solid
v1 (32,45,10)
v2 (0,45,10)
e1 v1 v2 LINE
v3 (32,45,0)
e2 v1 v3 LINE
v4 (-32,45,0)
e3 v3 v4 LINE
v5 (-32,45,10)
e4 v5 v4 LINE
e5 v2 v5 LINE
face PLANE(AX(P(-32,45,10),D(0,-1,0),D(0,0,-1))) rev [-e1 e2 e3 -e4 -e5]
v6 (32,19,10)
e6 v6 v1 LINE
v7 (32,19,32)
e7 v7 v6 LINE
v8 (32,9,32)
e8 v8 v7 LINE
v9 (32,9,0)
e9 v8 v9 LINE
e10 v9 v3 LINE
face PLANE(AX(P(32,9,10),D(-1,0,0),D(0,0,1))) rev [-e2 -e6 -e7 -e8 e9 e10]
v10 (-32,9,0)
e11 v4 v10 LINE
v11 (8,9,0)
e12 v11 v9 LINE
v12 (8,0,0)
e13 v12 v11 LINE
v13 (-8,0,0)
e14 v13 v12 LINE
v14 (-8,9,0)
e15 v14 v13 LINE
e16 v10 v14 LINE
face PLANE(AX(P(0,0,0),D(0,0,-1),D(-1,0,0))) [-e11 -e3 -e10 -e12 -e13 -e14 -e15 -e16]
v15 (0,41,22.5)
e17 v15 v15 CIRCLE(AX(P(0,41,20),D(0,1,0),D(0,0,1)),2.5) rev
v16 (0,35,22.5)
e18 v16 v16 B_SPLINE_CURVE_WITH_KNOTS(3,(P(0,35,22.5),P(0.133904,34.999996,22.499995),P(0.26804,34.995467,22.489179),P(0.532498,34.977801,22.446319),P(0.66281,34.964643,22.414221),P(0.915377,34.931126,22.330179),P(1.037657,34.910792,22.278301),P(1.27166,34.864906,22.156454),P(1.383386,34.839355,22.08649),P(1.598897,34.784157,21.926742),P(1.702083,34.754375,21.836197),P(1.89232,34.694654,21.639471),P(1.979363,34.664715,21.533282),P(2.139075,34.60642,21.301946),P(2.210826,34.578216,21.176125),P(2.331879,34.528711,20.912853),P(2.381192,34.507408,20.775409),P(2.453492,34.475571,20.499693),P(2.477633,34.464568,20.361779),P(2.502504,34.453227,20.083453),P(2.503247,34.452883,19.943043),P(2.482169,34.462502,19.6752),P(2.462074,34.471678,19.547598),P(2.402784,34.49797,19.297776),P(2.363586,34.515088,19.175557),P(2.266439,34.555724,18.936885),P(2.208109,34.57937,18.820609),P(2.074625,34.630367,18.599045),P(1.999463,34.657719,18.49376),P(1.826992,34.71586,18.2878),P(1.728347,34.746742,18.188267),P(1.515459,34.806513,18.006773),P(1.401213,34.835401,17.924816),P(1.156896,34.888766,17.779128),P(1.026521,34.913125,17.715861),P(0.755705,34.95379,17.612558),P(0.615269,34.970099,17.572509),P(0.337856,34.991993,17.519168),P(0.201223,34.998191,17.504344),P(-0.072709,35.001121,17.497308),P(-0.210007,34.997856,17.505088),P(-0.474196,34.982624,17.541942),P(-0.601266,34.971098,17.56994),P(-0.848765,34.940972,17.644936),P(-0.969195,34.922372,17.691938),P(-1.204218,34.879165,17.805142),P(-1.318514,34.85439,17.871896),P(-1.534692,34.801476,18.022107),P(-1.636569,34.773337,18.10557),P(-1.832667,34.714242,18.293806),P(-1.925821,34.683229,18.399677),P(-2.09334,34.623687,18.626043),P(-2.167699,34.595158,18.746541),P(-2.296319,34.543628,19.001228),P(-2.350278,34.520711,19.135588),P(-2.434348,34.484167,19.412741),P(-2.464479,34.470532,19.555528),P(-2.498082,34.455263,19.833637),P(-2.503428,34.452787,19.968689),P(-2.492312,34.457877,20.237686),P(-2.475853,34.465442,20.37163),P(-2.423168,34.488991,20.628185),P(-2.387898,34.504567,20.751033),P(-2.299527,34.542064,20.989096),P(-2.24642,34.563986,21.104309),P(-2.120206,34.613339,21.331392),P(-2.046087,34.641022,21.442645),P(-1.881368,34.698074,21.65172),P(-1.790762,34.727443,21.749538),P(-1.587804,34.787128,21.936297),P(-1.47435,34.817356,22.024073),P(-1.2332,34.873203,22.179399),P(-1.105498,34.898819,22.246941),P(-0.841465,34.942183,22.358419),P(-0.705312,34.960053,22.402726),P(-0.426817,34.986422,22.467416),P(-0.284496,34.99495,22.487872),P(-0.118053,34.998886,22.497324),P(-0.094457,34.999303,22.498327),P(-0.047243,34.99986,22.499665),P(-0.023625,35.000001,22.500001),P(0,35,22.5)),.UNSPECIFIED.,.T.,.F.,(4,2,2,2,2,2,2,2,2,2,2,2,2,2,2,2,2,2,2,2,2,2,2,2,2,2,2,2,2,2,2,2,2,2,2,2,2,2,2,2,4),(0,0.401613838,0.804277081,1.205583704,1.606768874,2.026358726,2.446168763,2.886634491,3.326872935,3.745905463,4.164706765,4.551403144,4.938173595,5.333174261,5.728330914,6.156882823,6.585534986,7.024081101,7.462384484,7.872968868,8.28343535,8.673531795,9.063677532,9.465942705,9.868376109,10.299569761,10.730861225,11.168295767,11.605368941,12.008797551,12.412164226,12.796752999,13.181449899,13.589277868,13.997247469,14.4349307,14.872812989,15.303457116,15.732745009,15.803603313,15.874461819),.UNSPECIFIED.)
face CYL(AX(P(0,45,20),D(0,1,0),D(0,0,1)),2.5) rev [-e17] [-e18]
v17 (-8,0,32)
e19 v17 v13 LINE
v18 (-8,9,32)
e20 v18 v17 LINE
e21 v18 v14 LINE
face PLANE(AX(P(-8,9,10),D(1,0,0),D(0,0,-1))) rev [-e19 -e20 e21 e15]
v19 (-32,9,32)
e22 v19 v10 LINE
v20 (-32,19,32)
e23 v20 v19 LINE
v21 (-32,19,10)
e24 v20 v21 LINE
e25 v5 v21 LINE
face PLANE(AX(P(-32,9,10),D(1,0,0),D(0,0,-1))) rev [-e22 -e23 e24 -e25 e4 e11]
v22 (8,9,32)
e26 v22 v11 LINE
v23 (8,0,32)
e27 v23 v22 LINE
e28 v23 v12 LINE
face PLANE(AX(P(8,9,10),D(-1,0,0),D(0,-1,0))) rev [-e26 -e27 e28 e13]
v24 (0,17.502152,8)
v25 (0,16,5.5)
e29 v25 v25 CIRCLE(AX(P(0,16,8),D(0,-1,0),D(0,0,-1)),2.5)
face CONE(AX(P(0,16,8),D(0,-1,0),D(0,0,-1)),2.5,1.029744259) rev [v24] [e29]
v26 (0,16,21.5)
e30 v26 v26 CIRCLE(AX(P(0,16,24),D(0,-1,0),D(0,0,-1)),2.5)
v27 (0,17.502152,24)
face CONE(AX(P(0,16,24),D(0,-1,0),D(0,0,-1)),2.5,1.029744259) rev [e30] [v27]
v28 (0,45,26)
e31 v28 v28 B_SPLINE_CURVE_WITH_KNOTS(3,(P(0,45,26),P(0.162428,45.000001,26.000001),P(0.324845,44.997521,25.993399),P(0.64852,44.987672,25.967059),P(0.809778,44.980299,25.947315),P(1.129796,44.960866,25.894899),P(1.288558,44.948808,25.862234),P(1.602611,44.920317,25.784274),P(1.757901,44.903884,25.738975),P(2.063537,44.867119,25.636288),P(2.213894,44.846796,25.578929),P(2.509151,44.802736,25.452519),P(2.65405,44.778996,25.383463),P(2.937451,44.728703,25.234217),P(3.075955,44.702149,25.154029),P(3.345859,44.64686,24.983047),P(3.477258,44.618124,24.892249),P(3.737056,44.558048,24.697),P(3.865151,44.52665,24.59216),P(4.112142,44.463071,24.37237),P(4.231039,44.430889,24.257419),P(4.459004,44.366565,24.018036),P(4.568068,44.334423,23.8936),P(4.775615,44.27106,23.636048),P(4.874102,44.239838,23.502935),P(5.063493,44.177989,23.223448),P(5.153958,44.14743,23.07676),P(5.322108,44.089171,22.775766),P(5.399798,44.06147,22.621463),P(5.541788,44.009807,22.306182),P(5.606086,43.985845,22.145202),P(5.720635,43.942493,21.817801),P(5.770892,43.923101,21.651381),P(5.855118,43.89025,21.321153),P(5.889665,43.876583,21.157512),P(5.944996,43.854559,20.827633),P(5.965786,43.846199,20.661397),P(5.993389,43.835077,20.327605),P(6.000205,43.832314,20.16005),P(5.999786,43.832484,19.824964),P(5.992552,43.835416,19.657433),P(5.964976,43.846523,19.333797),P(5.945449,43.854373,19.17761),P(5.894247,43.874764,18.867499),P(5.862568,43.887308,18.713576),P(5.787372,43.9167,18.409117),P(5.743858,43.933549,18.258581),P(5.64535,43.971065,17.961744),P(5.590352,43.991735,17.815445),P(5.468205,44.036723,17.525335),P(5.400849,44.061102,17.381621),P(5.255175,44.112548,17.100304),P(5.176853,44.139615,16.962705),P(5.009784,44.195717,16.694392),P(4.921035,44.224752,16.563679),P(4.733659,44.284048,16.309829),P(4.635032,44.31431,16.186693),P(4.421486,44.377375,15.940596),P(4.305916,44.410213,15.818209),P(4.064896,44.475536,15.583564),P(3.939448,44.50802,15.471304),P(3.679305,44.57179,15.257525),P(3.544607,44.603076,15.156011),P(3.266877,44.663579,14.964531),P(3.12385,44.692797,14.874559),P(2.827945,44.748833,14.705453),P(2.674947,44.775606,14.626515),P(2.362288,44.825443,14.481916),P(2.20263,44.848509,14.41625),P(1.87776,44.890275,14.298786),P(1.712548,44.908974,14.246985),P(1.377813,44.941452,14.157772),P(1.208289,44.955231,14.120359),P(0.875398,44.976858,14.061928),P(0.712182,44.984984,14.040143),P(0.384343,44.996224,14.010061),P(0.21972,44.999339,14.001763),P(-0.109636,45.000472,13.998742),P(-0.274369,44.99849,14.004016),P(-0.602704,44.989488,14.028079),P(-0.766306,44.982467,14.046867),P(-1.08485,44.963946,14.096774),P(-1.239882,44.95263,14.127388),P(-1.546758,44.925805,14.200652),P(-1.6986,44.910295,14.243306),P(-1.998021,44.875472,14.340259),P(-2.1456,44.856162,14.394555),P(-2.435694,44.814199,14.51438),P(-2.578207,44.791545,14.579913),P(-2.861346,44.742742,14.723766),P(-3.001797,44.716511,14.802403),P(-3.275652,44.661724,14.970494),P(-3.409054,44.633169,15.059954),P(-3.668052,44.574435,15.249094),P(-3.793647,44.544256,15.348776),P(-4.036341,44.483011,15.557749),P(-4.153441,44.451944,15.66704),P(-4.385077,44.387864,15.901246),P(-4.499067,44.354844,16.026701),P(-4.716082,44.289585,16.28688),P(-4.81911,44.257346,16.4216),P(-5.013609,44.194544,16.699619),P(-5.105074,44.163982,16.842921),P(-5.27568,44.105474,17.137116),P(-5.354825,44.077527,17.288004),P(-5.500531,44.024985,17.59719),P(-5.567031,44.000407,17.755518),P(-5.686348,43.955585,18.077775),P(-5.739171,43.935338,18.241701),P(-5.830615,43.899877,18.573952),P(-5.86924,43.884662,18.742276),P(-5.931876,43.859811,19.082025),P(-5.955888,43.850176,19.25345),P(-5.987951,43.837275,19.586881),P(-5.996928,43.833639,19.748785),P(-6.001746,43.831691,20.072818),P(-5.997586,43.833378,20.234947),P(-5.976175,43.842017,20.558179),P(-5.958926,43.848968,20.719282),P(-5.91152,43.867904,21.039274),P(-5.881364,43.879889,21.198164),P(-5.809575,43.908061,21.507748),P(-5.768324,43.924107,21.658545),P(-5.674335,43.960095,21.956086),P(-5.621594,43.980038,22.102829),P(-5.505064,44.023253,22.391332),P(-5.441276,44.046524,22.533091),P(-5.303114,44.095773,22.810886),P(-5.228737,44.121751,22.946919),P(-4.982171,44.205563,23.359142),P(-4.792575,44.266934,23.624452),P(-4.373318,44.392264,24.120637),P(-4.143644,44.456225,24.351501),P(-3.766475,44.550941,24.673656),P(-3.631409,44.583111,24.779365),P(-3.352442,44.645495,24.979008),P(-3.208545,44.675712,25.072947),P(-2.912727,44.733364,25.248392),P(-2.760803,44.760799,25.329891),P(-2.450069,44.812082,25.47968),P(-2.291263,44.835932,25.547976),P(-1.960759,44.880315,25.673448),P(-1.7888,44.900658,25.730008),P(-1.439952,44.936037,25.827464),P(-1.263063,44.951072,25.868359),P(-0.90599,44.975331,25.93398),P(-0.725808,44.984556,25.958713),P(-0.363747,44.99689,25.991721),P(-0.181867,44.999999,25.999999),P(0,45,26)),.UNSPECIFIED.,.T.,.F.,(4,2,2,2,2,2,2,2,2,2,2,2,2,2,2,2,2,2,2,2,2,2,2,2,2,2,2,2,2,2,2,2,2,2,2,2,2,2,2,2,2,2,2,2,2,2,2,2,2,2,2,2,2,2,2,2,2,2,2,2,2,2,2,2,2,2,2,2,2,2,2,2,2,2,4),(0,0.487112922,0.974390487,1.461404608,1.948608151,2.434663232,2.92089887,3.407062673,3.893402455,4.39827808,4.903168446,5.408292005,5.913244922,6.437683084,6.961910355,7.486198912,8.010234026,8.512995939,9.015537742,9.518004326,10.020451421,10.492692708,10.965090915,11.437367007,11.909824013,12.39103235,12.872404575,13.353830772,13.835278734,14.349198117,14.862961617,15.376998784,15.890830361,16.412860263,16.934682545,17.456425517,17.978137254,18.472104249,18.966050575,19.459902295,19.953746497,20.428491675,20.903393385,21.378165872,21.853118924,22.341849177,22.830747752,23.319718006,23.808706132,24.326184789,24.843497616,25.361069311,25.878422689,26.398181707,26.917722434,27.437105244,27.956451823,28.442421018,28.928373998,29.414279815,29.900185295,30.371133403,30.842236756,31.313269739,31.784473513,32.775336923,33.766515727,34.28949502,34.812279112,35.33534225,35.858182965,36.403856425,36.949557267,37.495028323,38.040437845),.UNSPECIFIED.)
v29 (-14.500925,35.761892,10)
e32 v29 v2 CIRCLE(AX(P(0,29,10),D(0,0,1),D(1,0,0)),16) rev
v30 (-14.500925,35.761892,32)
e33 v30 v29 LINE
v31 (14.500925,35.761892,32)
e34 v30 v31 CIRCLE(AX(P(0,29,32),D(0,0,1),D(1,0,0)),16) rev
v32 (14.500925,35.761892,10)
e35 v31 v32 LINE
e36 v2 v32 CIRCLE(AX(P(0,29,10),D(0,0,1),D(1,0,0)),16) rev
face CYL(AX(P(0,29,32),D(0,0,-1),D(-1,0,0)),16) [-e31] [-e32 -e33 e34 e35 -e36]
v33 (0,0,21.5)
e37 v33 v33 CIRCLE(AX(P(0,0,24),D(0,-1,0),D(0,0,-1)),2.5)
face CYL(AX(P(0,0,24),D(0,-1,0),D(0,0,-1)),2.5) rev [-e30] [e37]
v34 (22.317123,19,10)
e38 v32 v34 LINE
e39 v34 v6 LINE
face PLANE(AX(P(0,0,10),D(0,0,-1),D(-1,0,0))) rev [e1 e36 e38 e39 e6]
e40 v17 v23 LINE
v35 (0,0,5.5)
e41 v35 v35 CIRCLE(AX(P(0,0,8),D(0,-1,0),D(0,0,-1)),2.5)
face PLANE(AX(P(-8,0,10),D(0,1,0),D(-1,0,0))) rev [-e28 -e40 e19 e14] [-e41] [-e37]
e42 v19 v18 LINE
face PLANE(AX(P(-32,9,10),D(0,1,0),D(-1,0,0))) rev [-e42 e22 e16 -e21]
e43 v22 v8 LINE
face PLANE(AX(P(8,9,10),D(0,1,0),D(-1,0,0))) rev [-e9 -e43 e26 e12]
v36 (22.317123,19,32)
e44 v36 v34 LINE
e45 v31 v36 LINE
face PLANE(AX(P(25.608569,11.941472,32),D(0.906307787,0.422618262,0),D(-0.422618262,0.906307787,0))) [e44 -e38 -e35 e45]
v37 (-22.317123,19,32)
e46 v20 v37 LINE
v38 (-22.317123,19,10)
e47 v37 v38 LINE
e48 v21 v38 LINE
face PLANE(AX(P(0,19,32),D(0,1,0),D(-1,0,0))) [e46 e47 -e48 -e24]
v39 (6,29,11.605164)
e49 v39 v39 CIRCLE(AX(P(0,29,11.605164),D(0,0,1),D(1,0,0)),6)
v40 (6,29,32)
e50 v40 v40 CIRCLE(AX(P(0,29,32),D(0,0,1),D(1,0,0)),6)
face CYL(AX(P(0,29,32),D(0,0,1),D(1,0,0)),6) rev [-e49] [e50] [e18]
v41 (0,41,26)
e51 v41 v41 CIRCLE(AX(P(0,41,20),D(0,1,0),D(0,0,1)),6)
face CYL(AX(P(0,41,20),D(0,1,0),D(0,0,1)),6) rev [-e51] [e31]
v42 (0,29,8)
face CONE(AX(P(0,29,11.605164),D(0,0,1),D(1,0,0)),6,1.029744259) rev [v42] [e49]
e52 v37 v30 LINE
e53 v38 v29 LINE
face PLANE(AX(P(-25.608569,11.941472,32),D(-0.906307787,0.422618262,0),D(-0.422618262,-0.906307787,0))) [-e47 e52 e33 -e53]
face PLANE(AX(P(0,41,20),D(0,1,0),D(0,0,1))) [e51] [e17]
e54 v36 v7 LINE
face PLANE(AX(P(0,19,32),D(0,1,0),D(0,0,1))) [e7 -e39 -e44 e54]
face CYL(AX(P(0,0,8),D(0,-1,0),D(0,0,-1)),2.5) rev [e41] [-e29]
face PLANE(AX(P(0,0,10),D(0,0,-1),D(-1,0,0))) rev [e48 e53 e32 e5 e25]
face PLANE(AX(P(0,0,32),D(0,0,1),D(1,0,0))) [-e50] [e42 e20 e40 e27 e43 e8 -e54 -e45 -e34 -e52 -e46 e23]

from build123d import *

# Parameters (mm, degrees)
BOSS_EXTRUDE1_DEPTH                   = 10
BOSS_EXTRUDE2_DEPTH                   = 22
F_12_0MM_DOWEL_HOLE1_D                = 12
F_12_0MM_DOWEL_HOLE1_DEPTH            = 20.394836286
F_12_0MM_DOWEL_HOLE1_TIP              = 3.605163714
TAP_DRILL_FOR_M6X1_0_TAP1_D           = 5
TAP_DRILL_FOR_M6X1_0_TAP1_DEPTH       = 16
TAP_DRILL_FOR_M6X1_0_TAP1_TIP         = 1.502151548
TAP_DRILL_FOR_M6X1_0_TAP3_D           = 5
TAP_DRILL_FOR_M6X1_0_TAP3_DEPTH       = 16
TAP_DRILL_FOR_M6X1_0_TAP3_CSINK_D     = 5.05
TAP_DRILL_FOR_M6X1_0_TAP3_CSINK_ANGLE = 100
TAP_DRILL_FOR_M6X1_0_TAP3_TIP         = 1.502151548
SKETCH13_R                            = 6
CUT_EXTRUDE1_DEPTH                    = 4


with BuildPart() as part:
    # Sketch1 → Boss-Extrude1 (new body)
    with BuildSketch(Plane.XY):
        Polygon((-32, 9), (-8, 9), (-8, 0), (8, 0), (8, 9), (32, 9), (32, 45), (-32, 45), align=None)
    extrude(amount=BOSS_EXTRUDE1_DEPTH)

    # Sketch3 → Boss-Extrude2 (add)
    with BuildSketch(Plane.XY.offset(10)):
        with BuildLine():
            Line((-32, 19), (-32, 9))
            Line((-32, 9), (-8, 9))
            Line((-8, 9), (-8, 0))
            Line((-8, 0), (8, 0))
            Line((8, 0), (8, 9))
            Line((8, 9), (32, 9))
            Line((32, 9), (32, 19))
            Line((32, 19), (22.317123285, 19))
            Line((22.317123285, 19), (14.500924593, 35.761892188))
            ThreePointArc((14.500924593, 35.761892188), (8.596793696, 42.494263157), (-8.8e-08, 45))
            ThreePointArc((-8.8e-08, 45), (-8.596793771, 42.494263109), (-14.500924593, 35.761892188))
            Line((-14.500924593, 35.761892188), (-22.317123285, 19))
            Line((-22.317123285, 19), (-32, 19))
        make_face()
    extrude(amount=BOSS_EXTRUDE2_DEPTH)

    # Ø12.0mm Dowel Hole1
    with Locations(Plane.XY.offset(32)):
        with Locations((0, 29)):
            Hole(F_12_0MM_DOWEL_HOLE1_D / 2, depth=F_12_0MM_DOWEL_HOLE1_DEPTH)
            with Locations((0, 0, -(F_12_0MM_DOWEL_HOLE1_DEPTH + F_12_0MM_DOWEL_HOLE1_TIP / 2))):  # 118° drill point
                Cone(0, F_12_0MM_DOWEL_HOLE1_D / 2, F_12_0MM_DOWEL_HOLE1_TIP, mode=Mode.SUBTRACT)

    # Tap Drill for M6x1.0 Tap1
    with Locations(Plane(origin=(0, 0, 0), x_dir=(-1, 0, 0), z_dir=(0, -1, 0))):
        with Locations((0, -8), (0, -24)):
            Hole(TAP_DRILL_FOR_M6X1_0_TAP1_D / 2, depth=TAP_DRILL_FOR_M6X1_0_TAP1_DEPTH)
            with Locations((0, 0, -(TAP_DRILL_FOR_M6X1_0_TAP1_DEPTH + TAP_DRILL_FOR_M6X1_0_TAP1_TIP / 2))):  # 118° drill point
                Cone(0, TAP_DRILL_FOR_M6X1_0_TAP1_D / 2, TAP_DRILL_FOR_M6X1_0_TAP1_TIP, mode=Mode.SUBTRACT)

    # Tap Drill for M6x1.0 Tap3
    with Locations(Plane(origin=(0, 45, 20), x_dir=(1, 0, 0), z_dir=(0, 1, 0))):
        with Locations((0, 0)):
            CounterSinkHole(TAP_DRILL_FOR_M6X1_0_TAP3_D / 2, TAP_DRILL_FOR_M6X1_0_TAP3_CSINK_D / 2, depth=TAP_DRILL_FOR_M6X1_0_TAP3_DEPTH, counter_sink_angle=TAP_DRILL_FOR_M6X1_0_TAP3_CSINK_ANGLE)
            with Locations((0, 0, -(TAP_DRILL_FOR_M6X1_0_TAP3_DEPTH + TAP_DRILL_FOR_M6X1_0_TAP3_TIP / 2))):  # 118° drill point
                Cone(0, TAP_DRILL_FOR_M6X1_0_TAP3_D / 2, TAP_DRILL_FOR_M6X1_0_TAP3_TIP, mode=Mode.SUBTRACT)

    # Sketch13 → Cut-Extrude1 (cut)
    with BuildSketch(Plane(origin=(0, 45, 0), x_dir=(1, 0, 0), z_dir=(0, 1, 0))):
        with Locations((0, -20)):
            Circle(SKETCH13_R)
    extrude(amount=-CUT_EXTRUDE1_DEPTH, mode=Mode.SUBTRACT)


solid = part.part
